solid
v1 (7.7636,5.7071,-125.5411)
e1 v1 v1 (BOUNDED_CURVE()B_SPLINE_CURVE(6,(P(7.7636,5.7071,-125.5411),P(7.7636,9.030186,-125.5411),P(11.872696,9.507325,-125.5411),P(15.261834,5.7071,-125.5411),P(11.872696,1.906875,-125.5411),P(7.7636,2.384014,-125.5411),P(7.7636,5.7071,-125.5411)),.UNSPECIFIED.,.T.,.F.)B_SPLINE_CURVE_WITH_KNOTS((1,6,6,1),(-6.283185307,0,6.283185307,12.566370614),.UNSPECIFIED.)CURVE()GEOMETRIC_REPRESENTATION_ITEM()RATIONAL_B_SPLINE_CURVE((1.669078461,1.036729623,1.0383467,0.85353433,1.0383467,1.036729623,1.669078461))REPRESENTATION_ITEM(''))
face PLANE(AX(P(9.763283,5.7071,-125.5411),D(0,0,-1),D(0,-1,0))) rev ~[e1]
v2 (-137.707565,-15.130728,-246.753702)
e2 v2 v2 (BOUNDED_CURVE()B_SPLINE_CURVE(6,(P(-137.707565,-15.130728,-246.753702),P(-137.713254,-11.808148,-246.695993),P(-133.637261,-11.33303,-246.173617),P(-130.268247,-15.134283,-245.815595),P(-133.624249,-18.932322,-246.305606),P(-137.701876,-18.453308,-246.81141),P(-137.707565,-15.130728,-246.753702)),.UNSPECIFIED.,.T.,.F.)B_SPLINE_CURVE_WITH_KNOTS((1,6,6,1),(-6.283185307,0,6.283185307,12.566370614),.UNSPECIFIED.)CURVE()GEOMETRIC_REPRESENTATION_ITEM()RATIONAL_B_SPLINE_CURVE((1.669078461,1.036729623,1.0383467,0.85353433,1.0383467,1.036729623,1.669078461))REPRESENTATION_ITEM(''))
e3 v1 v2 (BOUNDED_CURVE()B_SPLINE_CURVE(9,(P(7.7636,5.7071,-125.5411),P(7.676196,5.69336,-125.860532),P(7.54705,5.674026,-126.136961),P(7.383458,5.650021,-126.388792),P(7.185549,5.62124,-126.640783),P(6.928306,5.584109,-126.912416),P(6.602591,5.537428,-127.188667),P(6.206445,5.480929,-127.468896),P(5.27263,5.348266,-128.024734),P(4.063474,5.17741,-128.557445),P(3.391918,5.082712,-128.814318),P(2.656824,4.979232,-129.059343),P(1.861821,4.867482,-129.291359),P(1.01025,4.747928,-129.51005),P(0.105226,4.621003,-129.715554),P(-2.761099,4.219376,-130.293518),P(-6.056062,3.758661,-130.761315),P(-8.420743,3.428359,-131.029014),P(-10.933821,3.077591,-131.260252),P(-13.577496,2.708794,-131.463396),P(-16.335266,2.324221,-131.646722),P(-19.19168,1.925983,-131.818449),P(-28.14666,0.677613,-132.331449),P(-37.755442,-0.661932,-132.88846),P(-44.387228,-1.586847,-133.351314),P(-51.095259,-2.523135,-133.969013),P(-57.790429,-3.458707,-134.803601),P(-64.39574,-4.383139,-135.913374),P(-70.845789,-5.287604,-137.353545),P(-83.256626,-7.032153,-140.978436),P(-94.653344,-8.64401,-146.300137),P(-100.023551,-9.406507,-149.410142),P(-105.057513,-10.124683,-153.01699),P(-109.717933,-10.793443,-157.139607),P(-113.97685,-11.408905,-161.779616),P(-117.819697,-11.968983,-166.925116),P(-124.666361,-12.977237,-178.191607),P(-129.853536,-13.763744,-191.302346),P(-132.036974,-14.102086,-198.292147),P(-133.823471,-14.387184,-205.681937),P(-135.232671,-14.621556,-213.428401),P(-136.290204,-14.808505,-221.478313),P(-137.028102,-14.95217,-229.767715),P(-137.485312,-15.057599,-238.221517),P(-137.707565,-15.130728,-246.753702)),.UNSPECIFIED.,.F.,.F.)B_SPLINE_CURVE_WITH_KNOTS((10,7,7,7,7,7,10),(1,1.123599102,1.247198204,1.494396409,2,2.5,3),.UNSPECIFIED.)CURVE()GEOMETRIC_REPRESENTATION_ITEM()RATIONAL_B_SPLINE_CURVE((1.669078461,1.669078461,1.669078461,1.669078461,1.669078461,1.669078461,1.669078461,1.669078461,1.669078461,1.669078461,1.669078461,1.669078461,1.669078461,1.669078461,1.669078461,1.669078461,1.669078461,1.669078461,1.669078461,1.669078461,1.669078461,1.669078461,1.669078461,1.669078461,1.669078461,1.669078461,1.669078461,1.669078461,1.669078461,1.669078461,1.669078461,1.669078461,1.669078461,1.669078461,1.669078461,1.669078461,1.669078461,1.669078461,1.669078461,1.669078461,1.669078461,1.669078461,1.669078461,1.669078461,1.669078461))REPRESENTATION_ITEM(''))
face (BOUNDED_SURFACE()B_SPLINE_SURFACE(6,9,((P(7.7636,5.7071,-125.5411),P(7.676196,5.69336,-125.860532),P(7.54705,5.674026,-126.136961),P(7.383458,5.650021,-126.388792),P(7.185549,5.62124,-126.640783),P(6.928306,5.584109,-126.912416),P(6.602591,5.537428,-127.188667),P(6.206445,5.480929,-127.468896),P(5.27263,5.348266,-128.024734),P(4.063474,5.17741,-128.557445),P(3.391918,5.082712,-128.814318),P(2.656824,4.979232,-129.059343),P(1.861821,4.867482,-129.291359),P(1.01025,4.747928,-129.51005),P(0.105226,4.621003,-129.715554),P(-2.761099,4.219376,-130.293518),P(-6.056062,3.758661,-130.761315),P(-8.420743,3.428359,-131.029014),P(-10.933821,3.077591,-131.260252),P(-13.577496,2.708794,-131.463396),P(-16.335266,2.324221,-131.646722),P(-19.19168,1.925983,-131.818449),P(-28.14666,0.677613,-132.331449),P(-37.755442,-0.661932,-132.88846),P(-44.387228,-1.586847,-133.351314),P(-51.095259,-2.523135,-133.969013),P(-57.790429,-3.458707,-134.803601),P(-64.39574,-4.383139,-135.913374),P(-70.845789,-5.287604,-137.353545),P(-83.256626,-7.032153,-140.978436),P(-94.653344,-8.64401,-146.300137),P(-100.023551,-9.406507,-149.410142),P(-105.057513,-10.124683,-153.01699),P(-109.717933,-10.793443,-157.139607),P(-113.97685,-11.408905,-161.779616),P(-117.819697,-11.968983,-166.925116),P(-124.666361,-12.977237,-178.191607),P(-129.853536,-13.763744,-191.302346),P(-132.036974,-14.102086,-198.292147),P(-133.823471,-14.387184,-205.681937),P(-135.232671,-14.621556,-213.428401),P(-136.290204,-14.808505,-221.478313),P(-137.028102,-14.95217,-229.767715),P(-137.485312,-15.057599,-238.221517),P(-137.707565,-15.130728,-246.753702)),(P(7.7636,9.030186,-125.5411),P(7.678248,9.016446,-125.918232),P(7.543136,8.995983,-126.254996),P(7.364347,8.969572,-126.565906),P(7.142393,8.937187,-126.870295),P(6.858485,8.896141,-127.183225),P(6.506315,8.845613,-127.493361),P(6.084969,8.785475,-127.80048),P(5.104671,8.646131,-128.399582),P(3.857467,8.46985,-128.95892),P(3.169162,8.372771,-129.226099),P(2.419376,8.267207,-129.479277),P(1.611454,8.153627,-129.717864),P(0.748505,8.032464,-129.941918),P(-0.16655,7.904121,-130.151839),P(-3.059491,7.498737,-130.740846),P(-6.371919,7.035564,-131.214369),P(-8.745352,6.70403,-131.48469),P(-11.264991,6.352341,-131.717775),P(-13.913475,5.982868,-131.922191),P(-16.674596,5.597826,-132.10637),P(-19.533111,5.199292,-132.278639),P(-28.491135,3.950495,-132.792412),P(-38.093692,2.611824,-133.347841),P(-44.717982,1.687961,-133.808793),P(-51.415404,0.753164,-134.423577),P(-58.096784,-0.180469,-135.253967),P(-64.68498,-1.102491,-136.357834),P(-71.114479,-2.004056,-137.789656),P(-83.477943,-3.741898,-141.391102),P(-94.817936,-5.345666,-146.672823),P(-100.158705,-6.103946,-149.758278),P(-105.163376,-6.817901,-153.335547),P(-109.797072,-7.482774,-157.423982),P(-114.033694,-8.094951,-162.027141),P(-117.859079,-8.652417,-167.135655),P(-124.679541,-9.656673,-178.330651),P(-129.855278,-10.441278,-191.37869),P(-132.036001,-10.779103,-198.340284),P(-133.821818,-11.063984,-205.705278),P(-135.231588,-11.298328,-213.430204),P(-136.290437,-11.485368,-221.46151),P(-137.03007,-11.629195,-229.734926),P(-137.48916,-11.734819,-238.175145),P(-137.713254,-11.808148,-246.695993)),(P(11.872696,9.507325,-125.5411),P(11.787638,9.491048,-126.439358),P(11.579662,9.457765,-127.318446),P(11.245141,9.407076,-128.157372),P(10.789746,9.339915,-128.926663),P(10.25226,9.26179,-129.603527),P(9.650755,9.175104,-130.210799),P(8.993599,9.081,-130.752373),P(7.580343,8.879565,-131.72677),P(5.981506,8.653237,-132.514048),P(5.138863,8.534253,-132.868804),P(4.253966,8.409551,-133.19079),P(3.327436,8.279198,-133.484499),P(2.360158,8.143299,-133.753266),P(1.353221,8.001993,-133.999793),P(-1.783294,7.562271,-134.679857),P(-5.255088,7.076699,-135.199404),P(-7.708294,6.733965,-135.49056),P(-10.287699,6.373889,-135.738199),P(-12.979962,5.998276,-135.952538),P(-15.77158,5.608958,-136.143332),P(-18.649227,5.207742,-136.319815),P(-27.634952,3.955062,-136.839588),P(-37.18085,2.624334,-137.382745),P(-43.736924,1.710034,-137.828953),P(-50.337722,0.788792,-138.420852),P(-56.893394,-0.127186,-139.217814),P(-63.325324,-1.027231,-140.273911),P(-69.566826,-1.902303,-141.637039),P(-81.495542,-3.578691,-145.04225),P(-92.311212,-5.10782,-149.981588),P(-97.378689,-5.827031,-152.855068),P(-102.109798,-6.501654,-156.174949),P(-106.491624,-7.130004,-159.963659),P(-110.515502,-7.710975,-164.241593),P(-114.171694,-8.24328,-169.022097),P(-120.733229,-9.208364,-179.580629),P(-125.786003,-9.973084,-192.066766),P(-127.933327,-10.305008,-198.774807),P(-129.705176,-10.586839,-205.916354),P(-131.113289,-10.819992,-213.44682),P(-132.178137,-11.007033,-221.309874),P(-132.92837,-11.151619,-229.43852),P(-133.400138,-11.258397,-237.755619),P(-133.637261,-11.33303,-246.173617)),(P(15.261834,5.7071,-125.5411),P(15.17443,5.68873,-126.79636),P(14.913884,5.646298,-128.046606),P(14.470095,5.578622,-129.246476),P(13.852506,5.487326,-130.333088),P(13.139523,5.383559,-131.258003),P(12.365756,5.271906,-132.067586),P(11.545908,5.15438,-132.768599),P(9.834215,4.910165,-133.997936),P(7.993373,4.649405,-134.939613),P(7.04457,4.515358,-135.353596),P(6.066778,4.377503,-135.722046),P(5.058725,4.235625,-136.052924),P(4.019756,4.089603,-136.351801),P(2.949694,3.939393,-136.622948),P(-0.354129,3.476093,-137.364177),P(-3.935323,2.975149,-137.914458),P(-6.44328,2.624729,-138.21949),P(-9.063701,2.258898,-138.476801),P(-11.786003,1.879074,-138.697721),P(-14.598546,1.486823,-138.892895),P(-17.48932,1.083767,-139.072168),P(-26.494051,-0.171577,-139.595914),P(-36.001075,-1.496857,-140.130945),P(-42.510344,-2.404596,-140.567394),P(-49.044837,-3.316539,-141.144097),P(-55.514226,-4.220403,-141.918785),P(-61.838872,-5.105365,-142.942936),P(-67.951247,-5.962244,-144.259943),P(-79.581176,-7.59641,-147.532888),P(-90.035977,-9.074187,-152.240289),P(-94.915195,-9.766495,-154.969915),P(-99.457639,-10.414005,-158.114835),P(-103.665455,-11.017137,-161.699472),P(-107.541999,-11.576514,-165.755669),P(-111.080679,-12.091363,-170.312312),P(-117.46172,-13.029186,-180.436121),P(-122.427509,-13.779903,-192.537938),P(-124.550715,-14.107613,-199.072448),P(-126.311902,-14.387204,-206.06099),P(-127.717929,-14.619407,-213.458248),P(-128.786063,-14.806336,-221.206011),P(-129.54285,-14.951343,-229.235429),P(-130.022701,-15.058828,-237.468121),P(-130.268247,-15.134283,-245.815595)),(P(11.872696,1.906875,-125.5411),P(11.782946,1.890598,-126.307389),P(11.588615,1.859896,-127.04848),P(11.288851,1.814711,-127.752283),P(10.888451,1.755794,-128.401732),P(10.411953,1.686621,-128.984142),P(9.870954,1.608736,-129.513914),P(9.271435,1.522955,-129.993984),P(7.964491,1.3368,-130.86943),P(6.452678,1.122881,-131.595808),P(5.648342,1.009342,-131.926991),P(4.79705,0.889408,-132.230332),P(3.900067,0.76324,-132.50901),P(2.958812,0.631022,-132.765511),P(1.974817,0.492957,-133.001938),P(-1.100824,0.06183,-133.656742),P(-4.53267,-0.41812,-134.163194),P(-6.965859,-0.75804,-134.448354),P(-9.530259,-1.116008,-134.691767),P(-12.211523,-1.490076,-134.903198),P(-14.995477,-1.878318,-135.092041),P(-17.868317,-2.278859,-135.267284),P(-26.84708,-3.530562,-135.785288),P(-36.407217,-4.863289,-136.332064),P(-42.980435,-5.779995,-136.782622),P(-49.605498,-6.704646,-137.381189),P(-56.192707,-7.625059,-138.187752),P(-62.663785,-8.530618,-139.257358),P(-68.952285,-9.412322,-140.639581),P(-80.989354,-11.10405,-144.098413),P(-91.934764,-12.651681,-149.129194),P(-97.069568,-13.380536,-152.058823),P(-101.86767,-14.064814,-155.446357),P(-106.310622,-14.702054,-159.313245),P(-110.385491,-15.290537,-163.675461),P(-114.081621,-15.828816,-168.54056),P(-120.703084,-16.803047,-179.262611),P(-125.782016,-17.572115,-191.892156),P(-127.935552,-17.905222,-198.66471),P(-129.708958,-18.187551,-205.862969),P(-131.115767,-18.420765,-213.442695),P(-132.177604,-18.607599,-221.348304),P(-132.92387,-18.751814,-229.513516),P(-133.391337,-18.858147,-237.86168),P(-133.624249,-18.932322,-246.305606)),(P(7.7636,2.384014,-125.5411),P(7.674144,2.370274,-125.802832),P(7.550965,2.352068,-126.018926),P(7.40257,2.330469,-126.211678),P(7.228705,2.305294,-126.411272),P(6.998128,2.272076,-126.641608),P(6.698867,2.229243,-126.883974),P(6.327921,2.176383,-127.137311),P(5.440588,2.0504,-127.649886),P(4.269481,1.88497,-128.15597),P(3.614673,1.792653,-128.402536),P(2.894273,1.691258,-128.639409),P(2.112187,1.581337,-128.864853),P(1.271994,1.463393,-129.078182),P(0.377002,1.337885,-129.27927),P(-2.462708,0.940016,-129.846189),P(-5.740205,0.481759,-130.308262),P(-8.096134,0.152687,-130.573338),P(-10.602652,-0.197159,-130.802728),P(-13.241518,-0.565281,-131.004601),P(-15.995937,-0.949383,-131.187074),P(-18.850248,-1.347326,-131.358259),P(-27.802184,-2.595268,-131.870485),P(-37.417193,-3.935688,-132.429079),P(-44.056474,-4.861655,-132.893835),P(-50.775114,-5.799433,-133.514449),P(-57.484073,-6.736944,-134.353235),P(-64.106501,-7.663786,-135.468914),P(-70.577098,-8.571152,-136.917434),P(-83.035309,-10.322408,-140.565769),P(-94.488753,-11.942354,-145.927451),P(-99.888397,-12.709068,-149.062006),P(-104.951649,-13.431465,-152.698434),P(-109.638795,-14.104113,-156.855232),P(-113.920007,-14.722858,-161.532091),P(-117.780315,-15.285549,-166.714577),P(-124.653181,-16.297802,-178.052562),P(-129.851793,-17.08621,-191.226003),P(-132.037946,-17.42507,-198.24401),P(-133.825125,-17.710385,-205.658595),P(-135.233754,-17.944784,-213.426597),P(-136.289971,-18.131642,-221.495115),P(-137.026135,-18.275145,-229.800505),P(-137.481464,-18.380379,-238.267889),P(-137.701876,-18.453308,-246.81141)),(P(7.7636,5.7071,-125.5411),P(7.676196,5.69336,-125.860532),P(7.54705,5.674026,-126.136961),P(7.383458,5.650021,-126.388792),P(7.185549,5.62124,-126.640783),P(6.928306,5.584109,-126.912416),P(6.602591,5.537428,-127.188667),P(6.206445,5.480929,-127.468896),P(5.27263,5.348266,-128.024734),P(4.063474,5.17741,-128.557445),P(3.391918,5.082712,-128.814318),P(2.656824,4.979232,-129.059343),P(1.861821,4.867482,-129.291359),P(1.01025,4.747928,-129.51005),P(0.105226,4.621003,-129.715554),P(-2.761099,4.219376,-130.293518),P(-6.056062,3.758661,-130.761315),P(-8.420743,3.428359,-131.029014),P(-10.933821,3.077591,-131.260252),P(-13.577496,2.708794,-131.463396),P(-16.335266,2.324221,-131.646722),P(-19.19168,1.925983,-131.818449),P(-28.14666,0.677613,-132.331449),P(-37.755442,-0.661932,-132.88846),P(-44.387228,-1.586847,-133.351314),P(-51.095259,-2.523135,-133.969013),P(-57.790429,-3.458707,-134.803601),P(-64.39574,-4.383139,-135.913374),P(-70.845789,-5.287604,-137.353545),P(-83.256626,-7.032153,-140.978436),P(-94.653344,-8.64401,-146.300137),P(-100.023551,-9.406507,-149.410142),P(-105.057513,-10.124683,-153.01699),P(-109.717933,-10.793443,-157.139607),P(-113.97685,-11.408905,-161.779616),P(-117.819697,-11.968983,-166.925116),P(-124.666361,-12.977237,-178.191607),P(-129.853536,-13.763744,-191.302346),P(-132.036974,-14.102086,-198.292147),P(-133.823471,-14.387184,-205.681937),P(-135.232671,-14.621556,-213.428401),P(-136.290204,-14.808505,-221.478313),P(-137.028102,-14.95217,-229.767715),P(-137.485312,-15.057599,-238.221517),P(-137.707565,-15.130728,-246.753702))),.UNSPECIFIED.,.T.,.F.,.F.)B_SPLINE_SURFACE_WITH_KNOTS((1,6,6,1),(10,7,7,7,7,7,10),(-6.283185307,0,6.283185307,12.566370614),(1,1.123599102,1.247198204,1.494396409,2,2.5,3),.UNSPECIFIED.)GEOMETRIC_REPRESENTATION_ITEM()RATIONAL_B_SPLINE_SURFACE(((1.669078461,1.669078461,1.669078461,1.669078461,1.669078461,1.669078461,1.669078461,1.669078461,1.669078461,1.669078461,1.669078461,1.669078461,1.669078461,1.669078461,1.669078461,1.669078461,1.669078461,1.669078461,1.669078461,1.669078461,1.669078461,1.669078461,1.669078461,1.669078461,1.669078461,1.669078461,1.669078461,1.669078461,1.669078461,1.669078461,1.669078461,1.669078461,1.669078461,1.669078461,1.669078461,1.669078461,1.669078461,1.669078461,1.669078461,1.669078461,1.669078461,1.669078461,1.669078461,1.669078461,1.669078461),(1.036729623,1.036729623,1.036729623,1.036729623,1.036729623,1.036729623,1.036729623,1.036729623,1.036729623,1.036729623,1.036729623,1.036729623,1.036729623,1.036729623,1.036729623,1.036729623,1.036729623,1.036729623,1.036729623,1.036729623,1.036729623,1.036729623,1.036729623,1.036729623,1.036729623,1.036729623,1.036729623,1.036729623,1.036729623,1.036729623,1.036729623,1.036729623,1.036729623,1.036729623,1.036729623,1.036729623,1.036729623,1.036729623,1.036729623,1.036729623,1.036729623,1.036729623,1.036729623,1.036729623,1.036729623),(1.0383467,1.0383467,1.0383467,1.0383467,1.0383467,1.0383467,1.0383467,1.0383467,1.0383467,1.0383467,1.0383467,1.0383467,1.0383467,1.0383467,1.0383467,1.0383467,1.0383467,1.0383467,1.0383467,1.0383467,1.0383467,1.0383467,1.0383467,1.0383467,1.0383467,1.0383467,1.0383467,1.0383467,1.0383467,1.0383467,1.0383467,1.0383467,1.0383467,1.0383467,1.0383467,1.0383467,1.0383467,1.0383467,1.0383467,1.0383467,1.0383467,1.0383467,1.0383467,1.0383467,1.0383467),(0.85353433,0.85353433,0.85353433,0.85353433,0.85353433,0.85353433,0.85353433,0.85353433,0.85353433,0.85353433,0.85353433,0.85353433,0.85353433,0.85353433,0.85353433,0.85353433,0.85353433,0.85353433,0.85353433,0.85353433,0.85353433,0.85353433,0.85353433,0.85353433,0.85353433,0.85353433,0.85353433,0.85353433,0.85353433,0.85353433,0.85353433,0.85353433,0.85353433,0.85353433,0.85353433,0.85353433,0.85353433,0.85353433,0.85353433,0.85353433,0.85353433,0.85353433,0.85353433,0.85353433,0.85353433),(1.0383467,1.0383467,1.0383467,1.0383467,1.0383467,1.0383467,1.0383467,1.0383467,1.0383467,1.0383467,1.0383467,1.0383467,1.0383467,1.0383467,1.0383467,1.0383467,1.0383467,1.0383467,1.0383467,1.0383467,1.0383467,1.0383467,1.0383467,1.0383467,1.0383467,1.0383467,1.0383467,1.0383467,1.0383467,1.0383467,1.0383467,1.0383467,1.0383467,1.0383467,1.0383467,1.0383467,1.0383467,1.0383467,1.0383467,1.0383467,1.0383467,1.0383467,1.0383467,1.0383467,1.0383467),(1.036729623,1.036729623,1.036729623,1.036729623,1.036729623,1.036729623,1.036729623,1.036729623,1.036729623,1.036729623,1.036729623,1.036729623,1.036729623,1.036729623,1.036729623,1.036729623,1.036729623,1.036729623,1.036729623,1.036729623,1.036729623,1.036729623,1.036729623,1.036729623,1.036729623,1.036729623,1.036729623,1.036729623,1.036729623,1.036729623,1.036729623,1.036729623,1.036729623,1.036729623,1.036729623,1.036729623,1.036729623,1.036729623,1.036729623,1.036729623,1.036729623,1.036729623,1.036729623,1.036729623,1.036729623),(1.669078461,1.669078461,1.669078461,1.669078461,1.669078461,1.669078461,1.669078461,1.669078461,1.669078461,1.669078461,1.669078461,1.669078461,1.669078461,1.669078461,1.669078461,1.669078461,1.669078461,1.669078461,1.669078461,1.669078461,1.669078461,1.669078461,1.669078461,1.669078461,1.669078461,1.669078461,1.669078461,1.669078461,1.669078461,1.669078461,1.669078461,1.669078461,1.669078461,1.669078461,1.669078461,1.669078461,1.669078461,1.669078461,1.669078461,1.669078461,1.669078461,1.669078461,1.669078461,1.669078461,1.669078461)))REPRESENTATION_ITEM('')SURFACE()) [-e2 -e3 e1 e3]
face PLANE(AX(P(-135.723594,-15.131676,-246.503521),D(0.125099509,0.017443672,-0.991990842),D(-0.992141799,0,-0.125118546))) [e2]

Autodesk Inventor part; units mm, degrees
ref_plane "YZ Plane" through (0, 0, 0) normal (1, 0, 0) x (0, 1, 0)
ref_plane "XZ Plane" through (0, 0, 0) normal (0, 1, 0) x (-1, 0, 0)
ref_plane "XY Plane" through (0, 0, 0) normal (0, 0, 1) x (1, 0, 0)
ref_plane "Work Plane1" through (9.7636, 5.7071, -125.5411) normal (0, 0, -1) x (-1, 0, 0)
sketch "Sketch1" plane through (9.7636, 5.7071, -125.5411) normal (0, 0, -1) x (-1, 0, 0)
  circle A0 centre (0, 0) radius 2
  point P0 (9.7636, -5.7071)
  dimension "d0" = 4
ref_plane "Work Plane2" through (9.7636, 5.7071, -125.5411) normal (-0.1378, 0.9905, -0.0049) x (-0.6313, -0.0916, -0.7701)
sketch "Sketch2" plane through (9.7636, 5.7071, -125.5411) normal (-0.1378, 0.9905, -0.0049) x (-0.6313, -0.0916, -0.7701)
  line L0 (0, 0) -> (9.0069, -5.3655) construction
  line L1 (9.0069, -5.3655) -> (45.973, 47.2607) construction
  line L2 (45.973, 47.2607) -> (92.679, 95.1583) construction
  line L3 (92.679, 95.1583) -> (156.8325, 59.5525) construction
  line L4 (156.8325, 59.5525) -> (186.9093, 36.0208) construction
  spline S0 degree 4 poles (0, 0) (9.0069, -5.3655) (45.973, 47.2607) (92.679, 95.1583) (156.8325, 59.5525) (186.9093, 36.0208) knots 1 1 1 1 1 2 3 3 3 3 3
  point P0 (-89.9947, 88.1201)
sweep "Sweep1" add profiles "Sketch1" path "Sketch2"
properties part number "Pi Wire"
